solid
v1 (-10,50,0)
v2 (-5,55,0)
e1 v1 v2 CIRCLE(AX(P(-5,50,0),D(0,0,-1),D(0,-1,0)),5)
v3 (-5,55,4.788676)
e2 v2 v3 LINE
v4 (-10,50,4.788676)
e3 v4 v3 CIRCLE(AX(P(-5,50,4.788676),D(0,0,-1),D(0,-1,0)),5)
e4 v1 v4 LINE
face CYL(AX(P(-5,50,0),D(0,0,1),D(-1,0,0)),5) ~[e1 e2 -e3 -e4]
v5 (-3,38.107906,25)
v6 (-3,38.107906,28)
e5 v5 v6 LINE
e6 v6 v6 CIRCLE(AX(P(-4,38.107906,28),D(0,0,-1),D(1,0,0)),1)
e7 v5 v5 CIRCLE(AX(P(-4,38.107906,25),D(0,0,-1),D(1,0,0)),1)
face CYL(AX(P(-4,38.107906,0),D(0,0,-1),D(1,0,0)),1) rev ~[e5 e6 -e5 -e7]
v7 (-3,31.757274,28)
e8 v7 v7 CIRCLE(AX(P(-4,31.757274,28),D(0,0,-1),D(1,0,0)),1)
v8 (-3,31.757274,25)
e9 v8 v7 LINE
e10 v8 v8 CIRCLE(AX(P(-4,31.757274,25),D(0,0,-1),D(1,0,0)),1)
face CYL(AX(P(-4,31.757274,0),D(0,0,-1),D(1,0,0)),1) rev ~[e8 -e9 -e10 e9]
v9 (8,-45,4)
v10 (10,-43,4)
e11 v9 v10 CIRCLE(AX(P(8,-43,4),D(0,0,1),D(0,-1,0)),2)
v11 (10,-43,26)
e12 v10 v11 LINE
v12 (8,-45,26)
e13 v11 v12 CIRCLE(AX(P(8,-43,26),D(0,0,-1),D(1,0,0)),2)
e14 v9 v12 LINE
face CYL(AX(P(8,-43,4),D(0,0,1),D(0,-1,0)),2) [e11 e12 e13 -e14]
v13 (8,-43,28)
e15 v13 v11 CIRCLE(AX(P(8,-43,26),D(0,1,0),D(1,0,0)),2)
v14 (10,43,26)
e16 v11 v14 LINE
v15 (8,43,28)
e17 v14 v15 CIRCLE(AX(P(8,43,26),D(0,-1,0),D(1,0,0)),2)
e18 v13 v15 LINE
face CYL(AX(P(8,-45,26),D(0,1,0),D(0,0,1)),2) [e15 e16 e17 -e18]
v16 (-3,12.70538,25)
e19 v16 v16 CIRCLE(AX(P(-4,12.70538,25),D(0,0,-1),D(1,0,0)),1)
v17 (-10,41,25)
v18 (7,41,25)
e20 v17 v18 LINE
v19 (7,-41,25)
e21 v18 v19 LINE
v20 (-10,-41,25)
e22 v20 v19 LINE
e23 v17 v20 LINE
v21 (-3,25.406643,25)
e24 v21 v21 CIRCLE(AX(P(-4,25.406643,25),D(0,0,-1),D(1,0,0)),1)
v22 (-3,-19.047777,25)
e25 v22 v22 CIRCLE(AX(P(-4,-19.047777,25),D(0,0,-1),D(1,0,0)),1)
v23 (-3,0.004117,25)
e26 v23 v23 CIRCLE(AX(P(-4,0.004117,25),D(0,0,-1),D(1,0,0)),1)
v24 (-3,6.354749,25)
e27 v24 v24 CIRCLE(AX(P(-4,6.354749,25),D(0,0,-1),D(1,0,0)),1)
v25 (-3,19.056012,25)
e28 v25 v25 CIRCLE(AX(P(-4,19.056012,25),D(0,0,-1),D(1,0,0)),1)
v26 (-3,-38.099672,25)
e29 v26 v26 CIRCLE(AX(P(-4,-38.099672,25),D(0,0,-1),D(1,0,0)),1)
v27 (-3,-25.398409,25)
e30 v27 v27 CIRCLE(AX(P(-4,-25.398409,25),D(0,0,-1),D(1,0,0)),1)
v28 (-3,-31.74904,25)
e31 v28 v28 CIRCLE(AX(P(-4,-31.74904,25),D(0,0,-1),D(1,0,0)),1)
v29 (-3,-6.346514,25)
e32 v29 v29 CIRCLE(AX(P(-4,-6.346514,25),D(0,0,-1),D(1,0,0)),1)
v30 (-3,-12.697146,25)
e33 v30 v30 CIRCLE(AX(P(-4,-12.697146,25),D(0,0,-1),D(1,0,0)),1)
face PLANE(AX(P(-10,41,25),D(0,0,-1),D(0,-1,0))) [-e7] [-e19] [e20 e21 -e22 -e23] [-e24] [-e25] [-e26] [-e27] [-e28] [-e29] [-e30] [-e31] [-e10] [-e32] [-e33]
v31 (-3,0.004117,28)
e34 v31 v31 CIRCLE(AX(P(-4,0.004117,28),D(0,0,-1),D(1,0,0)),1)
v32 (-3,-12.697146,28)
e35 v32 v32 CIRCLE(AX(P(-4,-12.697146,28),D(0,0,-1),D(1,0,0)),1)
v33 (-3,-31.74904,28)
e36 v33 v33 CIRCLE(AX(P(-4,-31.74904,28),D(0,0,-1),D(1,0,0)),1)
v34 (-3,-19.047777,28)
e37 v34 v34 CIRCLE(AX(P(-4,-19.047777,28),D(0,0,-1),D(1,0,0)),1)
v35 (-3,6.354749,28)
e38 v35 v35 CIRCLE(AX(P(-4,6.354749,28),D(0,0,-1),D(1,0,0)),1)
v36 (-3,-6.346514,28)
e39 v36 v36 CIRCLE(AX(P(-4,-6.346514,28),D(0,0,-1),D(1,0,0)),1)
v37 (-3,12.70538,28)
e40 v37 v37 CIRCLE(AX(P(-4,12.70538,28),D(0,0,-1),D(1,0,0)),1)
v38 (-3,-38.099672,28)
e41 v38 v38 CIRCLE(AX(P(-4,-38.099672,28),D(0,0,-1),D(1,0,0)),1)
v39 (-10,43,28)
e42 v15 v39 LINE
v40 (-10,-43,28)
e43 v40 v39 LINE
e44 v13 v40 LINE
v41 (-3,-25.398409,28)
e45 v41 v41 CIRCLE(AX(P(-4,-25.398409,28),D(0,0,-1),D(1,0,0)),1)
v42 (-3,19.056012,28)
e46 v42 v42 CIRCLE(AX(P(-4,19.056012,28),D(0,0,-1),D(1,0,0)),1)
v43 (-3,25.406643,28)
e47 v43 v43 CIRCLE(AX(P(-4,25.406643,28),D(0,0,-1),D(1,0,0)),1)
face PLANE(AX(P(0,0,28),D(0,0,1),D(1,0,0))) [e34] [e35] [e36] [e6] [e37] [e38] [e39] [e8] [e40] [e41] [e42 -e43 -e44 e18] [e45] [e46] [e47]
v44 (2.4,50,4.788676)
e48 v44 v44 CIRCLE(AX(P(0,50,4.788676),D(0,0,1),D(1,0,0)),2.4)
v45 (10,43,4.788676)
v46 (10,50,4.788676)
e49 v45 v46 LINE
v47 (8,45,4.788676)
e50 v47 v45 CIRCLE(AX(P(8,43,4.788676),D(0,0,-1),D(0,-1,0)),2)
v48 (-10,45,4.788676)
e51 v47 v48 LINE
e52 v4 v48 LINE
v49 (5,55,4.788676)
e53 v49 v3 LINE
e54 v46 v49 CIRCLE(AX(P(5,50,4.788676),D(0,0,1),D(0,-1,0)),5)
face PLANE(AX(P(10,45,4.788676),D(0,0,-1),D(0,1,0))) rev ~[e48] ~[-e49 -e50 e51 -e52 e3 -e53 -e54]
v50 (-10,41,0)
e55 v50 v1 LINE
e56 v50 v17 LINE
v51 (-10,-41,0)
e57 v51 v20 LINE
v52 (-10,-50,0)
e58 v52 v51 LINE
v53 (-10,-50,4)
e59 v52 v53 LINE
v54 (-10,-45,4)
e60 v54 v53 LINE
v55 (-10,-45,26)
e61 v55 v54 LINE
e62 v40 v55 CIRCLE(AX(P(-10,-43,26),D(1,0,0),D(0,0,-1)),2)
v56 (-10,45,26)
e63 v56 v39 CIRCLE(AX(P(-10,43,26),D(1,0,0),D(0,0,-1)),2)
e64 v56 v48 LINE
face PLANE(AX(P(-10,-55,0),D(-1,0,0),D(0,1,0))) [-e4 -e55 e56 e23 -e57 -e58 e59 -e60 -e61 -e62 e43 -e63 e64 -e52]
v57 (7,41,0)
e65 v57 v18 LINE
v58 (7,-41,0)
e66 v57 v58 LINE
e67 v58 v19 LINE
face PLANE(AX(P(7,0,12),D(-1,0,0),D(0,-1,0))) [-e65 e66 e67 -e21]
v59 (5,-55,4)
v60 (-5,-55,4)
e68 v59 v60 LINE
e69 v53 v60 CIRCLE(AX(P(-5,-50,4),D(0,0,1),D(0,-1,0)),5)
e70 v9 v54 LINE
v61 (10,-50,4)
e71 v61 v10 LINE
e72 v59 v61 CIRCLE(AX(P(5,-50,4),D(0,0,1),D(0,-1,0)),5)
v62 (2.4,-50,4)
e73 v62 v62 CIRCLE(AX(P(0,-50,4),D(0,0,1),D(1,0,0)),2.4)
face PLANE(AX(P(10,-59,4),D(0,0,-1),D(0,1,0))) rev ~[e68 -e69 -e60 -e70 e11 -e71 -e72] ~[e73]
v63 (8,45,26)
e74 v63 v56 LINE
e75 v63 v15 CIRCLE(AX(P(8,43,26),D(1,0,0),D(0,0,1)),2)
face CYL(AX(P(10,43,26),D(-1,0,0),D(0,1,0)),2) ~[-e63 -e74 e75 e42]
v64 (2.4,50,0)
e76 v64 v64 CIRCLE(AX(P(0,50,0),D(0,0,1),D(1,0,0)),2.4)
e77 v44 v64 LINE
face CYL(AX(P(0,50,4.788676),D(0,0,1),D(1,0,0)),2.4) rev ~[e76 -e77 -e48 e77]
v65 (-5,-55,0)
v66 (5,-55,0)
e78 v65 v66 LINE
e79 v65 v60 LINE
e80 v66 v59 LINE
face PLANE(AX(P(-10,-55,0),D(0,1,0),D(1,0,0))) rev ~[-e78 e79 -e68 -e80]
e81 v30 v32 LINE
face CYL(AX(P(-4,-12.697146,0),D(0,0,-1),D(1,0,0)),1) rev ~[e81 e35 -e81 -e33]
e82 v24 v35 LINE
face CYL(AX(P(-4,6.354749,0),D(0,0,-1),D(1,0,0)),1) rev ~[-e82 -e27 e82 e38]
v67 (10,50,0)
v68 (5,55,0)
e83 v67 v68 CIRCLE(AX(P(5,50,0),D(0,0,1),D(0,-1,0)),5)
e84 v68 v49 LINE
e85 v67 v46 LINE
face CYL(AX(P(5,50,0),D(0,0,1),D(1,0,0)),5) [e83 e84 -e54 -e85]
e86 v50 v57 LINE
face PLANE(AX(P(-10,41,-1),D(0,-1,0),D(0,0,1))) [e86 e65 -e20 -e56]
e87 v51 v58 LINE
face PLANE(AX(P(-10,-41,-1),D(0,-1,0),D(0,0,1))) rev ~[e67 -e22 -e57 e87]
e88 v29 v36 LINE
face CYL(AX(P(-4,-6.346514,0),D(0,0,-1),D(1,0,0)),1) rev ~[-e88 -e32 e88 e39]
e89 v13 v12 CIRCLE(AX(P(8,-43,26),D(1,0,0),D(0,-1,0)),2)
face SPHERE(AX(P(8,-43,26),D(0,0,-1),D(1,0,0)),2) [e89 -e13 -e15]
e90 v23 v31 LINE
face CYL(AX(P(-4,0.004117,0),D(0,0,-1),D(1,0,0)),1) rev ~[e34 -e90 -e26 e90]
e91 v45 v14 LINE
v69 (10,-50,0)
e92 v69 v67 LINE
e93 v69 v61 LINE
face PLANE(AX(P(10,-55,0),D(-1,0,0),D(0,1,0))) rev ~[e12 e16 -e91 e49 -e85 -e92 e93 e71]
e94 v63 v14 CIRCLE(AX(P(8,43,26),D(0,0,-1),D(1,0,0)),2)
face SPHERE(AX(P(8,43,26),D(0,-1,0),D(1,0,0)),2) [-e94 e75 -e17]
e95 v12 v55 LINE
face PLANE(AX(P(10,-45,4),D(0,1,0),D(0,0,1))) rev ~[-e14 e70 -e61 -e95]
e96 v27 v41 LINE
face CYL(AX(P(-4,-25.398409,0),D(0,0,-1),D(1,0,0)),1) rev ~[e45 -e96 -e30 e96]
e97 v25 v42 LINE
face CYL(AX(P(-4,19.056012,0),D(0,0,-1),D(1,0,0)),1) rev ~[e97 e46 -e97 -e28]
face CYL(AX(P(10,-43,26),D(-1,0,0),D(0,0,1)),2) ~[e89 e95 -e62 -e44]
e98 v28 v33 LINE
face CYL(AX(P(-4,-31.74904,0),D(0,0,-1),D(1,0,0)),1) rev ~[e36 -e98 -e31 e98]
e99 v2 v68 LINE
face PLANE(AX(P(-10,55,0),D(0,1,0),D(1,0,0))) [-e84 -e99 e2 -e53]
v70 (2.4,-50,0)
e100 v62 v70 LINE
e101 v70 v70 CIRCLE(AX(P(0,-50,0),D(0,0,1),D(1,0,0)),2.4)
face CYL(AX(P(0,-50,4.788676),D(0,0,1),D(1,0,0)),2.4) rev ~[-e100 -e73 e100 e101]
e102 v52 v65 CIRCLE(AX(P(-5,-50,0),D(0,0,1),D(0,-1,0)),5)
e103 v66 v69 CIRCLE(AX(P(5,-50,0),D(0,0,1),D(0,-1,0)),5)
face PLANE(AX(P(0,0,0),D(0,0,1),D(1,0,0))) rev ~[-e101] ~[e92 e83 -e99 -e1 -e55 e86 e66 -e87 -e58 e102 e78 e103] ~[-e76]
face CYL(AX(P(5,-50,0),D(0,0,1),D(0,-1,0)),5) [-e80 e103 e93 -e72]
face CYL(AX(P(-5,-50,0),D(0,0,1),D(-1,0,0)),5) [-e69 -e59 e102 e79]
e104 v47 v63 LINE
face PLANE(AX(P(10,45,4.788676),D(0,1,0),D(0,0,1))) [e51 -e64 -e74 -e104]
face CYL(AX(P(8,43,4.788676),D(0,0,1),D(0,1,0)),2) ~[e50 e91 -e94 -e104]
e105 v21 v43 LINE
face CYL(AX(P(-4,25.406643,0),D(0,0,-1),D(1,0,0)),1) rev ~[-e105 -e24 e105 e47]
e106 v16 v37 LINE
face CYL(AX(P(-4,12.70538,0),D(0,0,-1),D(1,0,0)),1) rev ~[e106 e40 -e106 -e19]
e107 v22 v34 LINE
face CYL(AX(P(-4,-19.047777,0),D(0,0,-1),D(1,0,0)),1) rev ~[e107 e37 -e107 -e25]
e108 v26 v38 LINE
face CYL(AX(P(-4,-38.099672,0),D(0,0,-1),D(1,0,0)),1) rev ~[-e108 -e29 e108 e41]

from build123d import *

# Parameters (mm, degrees)
SKETCH_W        = 20
SKETCH_H        = 110
PAD_DEPTH       = 28
SKETCH003_R     = 1
POCKET_DEPTH    = 28.001
SKETCH004_W     = 14
SKETCH004_H     = 25
SKETCH004_W_2   = 12.717113
SKETCH004_H_2   = 24.211324
POCKET001_DEPTH = 20.001
SKETCH005_W     = 82
SKETCH005_H     = 26
POCKET002_DEPTH = 17
SKETCH006_R     = 2.4
POCKET003_DEPTH = 5
FILLET_R        = 2
FILLET001_R     = 5


with BuildPart() as part:
    # Sketch → Pad (new body)
    with BuildSketch(Plane.XY):
        Rectangle(SKETCH_W, SKETCH_H)
    extrude(amount=PAD_DEPTH)

    # Sketch003 → Pocket (cut, through all)
    with BuildSketch(Plane(origin=(0, 0, 0), x_dir=(1, 0, 0), z_dir=(0, 0, -1))):
        with Locations((-4, -0.004117)):
            Circle(SKETCH003_R)
        with Locations((-4, 6.346514)):
            Circle(SKETCH003_R)
        with Locations((-4, 12.697146)):
            Circle(SKETCH003_R)
        with Locations((-4, -6.354749)):
            Circle(SKETCH003_R)
        with Locations((-4, 19.047777)):
            Circle(SKETCH003_R)
        with Locations((-4, 25.398409)):
            Circle(SKETCH003_R)
        with Locations((-4, 31.74904)):
            Circle(SKETCH003_R)
        with Locations((-4, 38.099672)):
            Circle(SKETCH003_R)
        with Locations((-4, -38.107906)):
            Circle(SKETCH003_R)
        with Locations((-4, -12.70538)):
            Circle(SKETCH003_R)
        with Locations((-4, -19.056012)):
            Circle(SKETCH003_R)
        with Locations((-4, -25.406643)):
            Circle(SKETCH003_R)
        with Locations((-4, -31.757274)):
            Circle(SKETCH003_R)
    extrude(amount=-POCKET_DEPTH, mode=Mode.SUBTRACT)

    # Sketch004 → Pocket001 (cut, through all)
    with BuildSketch(Plane.YZ.offset(10)):
        with Locations((-52, 16.5)):
            Rectangle(SKETCH004_W, SKETCH004_H)
        with Locations((51.358556, 16.894338)):
            Rectangle(SKETCH004_W_2, SKETCH004_H_2)
    extrude(amount=-POCKET001_DEPTH, mode=Mode.SUBTRACT)

    # Sketch005 → Pocket002 (cut)
    with BuildSketch(Plane(origin=(-10, 0, 0), x_dir=(0, -1, 0), z_dir=(-1, 0, 0))):
        with Locations((0, 12)):
            Rectangle(SKETCH005_W, SKETCH005_H)
    extrude(amount=-POCKET002_DEPTH, mode=Mode.SUBTRACT)

    # Sketch006 → Pocket003 (cut)
    with BuildSketch(Plane.XY.offset(4.788676)):
        with Locations((0, 50)):
            Circle(SKETCH006_R)
        with Locations((0, -50)):
            Circle(SKETCH006_R)
    extrude(amount=-POCKET003_DEPTH, mode=Mode.SUBTRACT)

    # Fillet
    fillet_edges = [part.edges().sort_by_distance(p)[0] for p in [
        (10, -45, 16),
        (10, 0, 28),
        (10, 45, 16.394338),
        (0, 45, 28),
        (0, -45, 28),
    ]]
    fillet(fillet_edges, radius=FILLET_R)

    # Fillet001
    fillet001_edges = [part.edges().sort_by_distance(p)[0] for p in [
        (10, 55, 2.394338),
        (-10, 55, 2.394338),
        (-10, -55, 2),
        (10, -55, 2),
    ]]
    fillet(fillet001_edges, radius=FILLET001_R)


solid = part.part
